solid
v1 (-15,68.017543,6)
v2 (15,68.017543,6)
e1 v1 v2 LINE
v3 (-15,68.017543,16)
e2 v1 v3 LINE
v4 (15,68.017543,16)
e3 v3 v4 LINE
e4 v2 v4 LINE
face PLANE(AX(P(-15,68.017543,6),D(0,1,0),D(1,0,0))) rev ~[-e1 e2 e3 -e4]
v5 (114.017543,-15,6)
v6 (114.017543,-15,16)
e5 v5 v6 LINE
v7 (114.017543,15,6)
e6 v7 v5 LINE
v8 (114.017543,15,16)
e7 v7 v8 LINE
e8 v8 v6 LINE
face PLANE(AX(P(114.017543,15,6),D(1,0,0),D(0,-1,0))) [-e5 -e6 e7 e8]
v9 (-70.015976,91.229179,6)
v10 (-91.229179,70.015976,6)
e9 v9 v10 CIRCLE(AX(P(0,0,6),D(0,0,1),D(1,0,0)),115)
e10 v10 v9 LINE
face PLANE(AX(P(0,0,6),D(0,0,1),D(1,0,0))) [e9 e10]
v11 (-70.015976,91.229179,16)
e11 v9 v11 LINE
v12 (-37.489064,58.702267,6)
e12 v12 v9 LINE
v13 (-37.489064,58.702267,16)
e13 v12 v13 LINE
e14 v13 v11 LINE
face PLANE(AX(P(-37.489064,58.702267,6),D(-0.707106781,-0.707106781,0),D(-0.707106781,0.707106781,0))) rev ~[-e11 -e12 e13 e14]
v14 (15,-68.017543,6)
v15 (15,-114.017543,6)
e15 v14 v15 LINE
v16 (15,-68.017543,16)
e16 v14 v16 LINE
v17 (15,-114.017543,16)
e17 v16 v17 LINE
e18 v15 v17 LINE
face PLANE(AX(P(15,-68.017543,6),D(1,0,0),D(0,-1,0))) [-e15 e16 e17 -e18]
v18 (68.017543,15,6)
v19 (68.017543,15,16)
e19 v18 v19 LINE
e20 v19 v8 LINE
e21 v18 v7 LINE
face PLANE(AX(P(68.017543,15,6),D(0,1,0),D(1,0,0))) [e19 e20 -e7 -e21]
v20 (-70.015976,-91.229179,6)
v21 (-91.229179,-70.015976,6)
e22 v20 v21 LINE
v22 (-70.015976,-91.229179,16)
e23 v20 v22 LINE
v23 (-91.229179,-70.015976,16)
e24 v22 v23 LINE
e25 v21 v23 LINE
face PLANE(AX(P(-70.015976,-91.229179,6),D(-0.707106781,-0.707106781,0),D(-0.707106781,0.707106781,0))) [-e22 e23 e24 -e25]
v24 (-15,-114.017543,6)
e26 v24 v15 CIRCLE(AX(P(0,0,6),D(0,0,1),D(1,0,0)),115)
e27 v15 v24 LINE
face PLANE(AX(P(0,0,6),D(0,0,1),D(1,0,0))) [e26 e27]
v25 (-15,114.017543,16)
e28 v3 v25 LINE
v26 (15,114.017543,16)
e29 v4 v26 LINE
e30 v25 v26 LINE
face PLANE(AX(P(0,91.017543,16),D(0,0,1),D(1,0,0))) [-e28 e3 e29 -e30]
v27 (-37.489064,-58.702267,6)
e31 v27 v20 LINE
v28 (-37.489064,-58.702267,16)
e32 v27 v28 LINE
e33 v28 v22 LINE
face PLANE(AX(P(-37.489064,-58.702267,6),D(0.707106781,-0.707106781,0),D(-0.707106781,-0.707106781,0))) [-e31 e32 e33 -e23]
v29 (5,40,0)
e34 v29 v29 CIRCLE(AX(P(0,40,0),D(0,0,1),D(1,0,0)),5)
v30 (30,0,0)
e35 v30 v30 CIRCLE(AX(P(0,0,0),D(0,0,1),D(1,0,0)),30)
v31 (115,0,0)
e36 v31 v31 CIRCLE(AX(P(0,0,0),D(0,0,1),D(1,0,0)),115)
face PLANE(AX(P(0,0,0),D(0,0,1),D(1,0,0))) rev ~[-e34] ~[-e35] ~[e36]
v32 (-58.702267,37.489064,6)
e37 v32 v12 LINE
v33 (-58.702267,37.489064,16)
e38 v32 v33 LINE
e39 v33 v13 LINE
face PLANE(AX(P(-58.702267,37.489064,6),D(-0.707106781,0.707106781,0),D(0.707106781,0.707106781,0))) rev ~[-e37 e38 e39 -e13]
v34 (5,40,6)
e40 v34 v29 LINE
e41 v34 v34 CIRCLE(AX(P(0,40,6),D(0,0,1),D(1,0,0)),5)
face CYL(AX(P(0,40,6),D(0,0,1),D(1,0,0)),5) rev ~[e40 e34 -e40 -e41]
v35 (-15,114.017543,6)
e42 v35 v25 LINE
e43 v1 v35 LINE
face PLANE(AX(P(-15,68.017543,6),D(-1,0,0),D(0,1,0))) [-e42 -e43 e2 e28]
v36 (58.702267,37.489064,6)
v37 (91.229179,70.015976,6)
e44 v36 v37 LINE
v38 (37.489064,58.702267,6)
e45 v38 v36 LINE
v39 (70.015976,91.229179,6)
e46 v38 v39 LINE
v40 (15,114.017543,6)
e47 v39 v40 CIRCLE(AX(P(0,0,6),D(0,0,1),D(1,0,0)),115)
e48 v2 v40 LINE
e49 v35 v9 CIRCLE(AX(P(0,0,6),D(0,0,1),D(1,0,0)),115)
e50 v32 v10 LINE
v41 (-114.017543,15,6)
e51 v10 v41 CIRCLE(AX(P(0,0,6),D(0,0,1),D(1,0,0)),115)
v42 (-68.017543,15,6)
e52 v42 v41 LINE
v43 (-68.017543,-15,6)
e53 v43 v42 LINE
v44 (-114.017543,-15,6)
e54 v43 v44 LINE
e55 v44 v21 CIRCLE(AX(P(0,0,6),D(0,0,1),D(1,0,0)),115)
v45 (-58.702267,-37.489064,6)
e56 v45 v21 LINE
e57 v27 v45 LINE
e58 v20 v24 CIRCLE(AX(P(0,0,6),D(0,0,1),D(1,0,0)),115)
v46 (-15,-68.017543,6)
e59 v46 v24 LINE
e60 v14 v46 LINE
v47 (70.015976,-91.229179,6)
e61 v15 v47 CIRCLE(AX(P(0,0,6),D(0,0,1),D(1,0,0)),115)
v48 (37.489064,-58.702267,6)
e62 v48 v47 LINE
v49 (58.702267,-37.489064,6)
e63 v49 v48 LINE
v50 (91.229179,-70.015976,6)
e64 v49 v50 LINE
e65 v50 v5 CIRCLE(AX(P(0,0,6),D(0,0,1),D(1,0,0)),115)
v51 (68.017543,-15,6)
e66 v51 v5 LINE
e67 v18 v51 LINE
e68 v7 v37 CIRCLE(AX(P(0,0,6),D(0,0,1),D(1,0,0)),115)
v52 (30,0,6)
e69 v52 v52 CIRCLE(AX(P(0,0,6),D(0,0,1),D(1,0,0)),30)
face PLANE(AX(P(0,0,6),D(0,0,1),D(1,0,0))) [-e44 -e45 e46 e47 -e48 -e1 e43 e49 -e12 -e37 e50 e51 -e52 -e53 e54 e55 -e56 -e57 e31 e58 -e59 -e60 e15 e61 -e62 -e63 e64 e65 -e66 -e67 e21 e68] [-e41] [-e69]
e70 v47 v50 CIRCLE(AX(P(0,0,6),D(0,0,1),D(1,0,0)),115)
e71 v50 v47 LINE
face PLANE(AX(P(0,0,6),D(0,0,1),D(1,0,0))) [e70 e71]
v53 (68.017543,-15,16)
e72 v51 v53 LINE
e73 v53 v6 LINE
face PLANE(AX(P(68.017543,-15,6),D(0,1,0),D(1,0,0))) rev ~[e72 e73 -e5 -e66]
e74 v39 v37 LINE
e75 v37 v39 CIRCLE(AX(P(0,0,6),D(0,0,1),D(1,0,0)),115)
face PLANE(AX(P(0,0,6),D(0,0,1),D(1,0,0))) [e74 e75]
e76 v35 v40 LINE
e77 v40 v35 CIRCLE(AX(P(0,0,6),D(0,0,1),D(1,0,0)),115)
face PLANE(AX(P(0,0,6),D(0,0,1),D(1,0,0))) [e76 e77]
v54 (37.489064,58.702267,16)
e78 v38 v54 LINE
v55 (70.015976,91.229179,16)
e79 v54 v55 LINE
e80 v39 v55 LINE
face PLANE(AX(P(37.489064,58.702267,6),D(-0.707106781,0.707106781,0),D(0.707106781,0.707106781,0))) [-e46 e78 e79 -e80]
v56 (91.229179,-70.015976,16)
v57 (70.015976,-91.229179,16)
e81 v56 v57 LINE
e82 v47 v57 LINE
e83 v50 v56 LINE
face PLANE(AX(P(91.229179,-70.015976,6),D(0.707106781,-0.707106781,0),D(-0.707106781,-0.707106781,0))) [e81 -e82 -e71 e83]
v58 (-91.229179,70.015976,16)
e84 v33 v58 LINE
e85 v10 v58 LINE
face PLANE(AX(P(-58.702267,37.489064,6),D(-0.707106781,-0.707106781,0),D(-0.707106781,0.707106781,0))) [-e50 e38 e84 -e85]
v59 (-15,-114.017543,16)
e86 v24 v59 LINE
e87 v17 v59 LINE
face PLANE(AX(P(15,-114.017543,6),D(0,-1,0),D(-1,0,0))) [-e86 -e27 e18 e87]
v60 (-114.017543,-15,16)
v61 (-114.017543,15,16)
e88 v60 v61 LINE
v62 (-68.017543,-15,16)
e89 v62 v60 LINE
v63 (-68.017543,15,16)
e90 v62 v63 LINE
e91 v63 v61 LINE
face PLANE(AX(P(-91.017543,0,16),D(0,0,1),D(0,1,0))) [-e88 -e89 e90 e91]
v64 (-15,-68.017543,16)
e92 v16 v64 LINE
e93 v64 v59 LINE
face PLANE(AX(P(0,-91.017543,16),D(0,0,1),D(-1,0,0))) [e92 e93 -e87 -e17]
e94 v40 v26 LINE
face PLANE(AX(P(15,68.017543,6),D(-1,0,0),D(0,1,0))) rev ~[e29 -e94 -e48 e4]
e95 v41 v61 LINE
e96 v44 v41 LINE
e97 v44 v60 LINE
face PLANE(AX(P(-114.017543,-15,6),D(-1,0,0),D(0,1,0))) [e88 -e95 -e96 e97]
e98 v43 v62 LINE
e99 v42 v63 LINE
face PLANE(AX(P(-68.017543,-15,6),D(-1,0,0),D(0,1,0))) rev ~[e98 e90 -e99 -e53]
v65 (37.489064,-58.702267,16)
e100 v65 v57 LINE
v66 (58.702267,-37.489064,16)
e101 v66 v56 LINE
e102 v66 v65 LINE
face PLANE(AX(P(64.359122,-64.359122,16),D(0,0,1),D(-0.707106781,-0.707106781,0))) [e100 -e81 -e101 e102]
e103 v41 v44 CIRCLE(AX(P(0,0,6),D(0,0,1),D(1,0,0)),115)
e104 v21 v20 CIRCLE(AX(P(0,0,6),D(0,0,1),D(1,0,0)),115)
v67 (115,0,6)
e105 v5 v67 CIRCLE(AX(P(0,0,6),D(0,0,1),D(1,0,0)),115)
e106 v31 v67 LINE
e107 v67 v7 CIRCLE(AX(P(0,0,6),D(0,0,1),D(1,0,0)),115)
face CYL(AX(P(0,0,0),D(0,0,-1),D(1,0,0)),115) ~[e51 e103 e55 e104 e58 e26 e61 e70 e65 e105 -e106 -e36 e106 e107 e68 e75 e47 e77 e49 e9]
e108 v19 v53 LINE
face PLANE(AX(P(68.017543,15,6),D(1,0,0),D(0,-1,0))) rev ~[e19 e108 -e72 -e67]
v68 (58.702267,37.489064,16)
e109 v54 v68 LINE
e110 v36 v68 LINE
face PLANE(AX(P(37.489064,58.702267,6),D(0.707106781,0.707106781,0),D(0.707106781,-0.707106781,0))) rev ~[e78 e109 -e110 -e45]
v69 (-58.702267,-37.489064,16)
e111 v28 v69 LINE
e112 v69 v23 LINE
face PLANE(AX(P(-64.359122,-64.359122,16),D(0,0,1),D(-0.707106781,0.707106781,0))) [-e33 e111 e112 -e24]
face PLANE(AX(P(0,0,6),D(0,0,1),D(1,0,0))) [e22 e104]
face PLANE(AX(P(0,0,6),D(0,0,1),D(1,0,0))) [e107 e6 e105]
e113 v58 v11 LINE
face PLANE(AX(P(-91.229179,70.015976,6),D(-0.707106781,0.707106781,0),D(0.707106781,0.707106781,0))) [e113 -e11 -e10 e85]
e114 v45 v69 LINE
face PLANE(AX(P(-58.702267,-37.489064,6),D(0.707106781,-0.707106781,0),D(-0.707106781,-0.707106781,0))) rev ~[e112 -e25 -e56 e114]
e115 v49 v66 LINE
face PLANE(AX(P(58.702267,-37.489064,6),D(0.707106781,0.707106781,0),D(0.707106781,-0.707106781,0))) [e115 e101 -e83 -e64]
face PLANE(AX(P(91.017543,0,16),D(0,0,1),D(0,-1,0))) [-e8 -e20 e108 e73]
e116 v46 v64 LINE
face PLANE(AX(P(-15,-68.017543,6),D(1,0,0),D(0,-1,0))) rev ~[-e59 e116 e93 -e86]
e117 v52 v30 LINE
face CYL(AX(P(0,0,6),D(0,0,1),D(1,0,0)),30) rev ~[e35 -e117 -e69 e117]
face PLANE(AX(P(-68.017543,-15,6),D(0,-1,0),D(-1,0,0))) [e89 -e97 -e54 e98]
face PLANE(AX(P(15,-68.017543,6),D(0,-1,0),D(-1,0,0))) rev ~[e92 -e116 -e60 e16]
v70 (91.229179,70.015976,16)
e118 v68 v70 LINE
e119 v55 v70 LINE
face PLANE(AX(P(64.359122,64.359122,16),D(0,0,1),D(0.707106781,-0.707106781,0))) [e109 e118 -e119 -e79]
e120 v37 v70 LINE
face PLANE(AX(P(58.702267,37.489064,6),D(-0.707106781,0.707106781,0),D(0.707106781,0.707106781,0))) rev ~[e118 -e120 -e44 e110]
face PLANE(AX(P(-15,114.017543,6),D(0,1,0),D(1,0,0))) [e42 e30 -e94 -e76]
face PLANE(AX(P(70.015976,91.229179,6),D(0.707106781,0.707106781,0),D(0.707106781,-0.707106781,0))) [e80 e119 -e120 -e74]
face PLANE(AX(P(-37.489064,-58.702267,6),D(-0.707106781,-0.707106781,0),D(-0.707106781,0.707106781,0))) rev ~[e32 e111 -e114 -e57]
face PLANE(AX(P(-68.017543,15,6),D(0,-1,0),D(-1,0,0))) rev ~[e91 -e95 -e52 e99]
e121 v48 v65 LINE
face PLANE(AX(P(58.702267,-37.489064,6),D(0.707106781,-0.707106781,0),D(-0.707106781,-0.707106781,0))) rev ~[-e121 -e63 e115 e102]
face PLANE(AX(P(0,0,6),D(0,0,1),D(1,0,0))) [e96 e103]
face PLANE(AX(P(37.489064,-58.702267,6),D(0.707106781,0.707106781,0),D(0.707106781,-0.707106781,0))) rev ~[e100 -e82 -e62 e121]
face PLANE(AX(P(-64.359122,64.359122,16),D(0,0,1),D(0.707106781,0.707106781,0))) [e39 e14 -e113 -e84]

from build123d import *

# Parameters (mm, degrees)
SCHIZZO1_R                  = 115
ESTRUSIONE1_DEPTH           = 6
SCHIZZO2_W                  = 30
SCHIZZO2_H                  = 46
ESTRUSIONE2_DEPTH           = 10
RIPETIZIONECIRCOLARE1_COUNT = 8
SCHIZZO4_R                  = 30
ESTRUSIONE3_DEPTH           = 163.941707368
SCHIZZO5_R                  = 5
ESTRUSIONE4_DEPTH           = 163.941707368


with BuildPart() as part:
    # Schizzo1 → Estrusione1 (new body)
    with BuildSketch(Plane.XY):
        Circle(SCHIZZO1_R)
    extrude(amount=ESTRUSIONE1_DEPTH)

    # Schizzo2 → Estrusione2 (add)
    with BuildSketch(Plane.XY.offset(6)):
        with Locations((0, 91.01754251)):
            Rectangle(SCHIZZO2_W, SCHIZZO2_H)
    estrusione2 = extrude(amount=ESTRUSIONE2_DEPTH)

    # RipetizioneCircolare1: Estrusione2 ×8 about axis
    ripetizionecircolare1_axis = Axis((0, 0, 6), (0, 0, -1))
    for i in range(1, RIPETIZIONECIRCOLARE1_COUNT):
        add(estrusione2.rotate(ripetizionecircolare1_axis, i * 360 / RIPETIZIONECIRCOLARE1_COUNT))

    # Schizzo4 → Estrusione3 (cut, through all)
    with BuildSketch(Plane.XY.offset(6)):
        Circle(SCHIZZO4_R)
    extrude(amount=-ESTRUSIONE3_DEPTH, mode=Mode.SUBTRACT)

    # Schizzo5 → Estrusione4 (cut, through all)
    with BuildSketch(Plane.XY.offset(6)):
        with Locations((0, 40)):
            Circle(SCHIZZO5_R)
    extrude(amount=-ESTRUSIONE4_DEPTH, mode=Mode.SUBTRACT)


solid = part.part
